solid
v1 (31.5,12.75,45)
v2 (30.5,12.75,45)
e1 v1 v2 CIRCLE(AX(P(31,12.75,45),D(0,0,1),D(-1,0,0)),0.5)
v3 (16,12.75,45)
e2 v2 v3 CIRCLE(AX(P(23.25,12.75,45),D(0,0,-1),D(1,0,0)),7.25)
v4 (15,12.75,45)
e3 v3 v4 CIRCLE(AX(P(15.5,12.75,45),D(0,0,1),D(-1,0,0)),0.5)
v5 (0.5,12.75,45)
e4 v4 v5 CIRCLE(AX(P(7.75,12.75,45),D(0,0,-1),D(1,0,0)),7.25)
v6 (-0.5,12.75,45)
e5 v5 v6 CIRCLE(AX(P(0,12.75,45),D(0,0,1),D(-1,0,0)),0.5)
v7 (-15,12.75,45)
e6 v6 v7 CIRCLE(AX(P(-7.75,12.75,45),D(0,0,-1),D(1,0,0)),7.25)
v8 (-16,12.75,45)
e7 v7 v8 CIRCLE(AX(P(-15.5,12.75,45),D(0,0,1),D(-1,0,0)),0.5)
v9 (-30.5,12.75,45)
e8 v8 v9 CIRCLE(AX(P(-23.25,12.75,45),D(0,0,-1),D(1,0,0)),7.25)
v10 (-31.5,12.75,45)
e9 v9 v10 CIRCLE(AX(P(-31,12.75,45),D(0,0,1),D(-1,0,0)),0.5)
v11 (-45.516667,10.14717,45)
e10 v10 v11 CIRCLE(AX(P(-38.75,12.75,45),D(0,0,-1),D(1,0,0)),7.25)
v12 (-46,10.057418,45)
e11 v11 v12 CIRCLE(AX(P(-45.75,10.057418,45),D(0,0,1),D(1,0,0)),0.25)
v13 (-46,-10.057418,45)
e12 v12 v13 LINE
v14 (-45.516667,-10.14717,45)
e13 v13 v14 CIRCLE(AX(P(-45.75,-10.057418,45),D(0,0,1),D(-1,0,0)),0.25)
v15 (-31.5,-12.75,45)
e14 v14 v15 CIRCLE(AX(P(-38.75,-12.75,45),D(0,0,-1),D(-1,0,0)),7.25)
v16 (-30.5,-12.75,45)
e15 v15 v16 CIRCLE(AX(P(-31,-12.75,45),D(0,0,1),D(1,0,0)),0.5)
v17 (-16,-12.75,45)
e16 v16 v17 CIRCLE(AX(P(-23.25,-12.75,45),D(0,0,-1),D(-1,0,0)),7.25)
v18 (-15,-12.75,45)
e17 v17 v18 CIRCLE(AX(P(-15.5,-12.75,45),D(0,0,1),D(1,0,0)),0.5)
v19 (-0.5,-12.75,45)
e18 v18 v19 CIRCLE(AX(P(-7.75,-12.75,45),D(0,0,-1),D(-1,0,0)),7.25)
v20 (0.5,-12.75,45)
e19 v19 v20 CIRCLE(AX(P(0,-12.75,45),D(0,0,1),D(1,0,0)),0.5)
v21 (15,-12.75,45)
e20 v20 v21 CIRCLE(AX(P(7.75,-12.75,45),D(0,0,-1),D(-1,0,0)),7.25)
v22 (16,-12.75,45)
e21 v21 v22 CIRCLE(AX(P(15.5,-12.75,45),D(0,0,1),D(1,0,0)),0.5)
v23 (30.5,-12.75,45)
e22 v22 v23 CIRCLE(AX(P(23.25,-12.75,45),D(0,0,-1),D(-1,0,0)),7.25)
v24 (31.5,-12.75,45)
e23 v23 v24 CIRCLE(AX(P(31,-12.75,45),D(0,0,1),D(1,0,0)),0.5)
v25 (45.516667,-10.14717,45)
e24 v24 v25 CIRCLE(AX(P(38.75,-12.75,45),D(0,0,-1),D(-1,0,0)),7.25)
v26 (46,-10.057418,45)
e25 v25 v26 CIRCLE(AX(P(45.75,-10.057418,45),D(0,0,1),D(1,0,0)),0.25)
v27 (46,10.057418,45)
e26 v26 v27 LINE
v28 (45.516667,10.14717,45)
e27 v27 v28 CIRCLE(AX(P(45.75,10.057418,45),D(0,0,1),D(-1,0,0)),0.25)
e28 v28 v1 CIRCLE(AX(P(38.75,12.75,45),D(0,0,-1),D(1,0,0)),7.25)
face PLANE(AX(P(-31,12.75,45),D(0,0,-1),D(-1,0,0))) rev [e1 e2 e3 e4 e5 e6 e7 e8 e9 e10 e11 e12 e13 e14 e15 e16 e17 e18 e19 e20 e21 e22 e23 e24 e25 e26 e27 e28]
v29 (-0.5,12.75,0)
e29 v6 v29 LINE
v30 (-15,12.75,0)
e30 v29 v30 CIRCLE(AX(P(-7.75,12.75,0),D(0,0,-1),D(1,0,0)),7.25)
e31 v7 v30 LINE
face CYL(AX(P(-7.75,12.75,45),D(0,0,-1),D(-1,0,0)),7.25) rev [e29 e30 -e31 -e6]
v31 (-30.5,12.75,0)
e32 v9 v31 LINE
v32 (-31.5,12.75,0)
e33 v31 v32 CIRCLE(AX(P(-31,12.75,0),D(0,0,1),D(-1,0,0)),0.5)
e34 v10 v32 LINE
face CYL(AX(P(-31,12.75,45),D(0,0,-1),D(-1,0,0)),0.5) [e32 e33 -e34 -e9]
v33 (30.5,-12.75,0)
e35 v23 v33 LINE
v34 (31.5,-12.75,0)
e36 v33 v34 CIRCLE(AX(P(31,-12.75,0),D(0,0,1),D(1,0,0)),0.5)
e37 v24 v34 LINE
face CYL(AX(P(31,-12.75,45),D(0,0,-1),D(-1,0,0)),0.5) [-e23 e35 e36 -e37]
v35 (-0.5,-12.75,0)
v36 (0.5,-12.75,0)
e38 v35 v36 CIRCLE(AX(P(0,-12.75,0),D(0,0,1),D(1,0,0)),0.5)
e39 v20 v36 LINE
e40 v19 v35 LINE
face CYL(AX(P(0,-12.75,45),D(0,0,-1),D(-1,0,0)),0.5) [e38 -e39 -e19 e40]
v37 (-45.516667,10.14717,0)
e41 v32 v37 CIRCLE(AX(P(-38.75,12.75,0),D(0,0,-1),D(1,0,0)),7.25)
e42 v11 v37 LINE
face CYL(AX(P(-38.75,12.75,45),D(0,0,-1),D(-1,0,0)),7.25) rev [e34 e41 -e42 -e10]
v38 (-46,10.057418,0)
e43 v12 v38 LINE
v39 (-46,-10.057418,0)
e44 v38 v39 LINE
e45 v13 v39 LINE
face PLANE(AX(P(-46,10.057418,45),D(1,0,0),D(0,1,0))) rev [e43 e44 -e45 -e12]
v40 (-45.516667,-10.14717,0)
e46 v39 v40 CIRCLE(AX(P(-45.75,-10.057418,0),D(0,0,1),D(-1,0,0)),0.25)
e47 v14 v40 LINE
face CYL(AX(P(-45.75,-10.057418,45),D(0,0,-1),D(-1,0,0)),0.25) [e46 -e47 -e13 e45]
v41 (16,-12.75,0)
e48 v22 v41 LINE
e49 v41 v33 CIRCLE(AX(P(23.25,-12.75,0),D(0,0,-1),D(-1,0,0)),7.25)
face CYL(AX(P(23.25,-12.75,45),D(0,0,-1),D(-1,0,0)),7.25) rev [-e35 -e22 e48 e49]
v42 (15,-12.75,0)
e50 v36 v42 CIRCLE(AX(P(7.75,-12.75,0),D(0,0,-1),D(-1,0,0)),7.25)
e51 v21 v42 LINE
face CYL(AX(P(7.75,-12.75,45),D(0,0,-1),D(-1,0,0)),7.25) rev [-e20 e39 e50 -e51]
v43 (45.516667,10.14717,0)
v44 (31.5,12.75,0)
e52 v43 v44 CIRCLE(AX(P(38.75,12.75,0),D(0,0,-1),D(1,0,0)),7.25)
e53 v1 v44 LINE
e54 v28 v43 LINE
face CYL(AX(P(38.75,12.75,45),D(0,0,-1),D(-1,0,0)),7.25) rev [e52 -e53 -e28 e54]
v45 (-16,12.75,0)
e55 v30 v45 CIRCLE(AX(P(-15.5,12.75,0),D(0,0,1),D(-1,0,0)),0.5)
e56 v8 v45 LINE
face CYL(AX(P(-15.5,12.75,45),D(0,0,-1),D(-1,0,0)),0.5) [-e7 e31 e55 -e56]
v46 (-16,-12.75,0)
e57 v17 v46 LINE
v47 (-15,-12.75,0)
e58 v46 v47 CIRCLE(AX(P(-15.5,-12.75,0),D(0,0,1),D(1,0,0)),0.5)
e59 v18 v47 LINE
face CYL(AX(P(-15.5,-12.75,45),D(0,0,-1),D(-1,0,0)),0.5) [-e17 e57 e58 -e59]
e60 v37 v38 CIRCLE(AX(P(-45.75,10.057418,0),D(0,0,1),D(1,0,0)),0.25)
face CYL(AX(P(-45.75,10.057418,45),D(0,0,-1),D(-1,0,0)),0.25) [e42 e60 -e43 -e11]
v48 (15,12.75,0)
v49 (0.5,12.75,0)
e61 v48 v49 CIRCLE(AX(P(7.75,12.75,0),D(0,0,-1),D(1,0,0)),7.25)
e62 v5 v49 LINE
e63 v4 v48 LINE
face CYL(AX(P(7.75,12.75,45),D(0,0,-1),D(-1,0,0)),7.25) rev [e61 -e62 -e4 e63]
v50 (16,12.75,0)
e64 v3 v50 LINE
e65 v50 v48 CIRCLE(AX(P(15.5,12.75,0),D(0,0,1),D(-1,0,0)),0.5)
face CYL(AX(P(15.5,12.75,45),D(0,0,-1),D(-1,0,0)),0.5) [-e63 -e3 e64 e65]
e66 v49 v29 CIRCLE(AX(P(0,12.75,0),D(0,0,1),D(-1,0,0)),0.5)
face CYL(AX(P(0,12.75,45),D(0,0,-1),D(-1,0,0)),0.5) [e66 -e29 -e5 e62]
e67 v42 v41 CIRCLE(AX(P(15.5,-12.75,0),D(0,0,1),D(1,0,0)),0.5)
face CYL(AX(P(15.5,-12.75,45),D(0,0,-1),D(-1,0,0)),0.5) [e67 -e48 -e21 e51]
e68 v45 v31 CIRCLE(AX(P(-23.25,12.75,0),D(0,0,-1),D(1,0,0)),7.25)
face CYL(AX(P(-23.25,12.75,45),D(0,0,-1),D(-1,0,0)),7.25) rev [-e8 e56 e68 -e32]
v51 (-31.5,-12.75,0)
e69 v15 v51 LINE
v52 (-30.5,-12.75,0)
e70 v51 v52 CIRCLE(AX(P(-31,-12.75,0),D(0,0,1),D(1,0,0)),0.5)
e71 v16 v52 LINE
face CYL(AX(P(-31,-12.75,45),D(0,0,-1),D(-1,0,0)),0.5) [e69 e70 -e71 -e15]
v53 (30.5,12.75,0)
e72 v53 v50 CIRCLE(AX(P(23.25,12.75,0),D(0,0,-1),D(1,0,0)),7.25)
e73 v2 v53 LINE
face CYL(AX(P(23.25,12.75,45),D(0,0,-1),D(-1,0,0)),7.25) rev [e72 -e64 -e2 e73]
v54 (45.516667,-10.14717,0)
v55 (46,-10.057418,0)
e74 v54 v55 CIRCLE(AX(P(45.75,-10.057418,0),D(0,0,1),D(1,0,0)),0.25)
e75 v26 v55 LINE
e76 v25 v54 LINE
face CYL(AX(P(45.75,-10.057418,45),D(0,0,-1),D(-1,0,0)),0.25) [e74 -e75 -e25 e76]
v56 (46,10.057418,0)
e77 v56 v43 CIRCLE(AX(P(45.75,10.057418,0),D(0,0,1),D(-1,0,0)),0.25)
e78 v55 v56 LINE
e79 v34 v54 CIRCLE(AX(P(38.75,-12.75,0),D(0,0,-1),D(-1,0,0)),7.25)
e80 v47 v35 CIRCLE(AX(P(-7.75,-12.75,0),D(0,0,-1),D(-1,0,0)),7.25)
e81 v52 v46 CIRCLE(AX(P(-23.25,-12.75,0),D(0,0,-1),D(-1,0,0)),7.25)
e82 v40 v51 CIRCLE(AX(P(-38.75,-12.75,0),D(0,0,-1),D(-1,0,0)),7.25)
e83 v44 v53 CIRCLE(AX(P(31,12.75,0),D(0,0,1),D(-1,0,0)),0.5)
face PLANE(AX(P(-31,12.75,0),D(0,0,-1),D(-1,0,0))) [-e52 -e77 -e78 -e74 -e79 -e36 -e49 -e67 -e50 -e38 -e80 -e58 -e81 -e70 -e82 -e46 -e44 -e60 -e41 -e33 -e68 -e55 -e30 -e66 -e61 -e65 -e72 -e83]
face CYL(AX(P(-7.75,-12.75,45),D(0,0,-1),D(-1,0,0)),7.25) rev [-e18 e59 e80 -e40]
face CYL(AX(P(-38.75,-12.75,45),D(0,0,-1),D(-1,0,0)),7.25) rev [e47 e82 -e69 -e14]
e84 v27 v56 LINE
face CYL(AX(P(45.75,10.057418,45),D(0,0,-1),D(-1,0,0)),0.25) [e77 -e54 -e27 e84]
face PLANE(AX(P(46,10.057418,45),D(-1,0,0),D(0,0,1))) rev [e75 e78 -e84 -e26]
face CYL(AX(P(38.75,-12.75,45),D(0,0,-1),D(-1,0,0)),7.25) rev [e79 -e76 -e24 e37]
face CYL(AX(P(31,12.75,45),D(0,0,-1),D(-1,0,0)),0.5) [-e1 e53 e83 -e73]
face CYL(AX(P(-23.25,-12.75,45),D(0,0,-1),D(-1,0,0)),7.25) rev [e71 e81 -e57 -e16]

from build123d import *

# Parameters (mm, degrees)
BOSS_EXTRU_1_DEPTH = 45


with BuildPart() as part:
    # Esquisse1 → Boss.-Extru.1 (new body)
    with BuildSketch(Plane.XY):
        with BuildLine():
            Line((-46, 10.057417596), (-46, -10.057417596))
            ThreePointArc((-46, -10.057417596), (-45.795643546, -10.303215616), (-45.516666667, -10.147170343))
            ThreePointArc((-45.516666667, -10.147170343), (-37.426337153, -5.621857418), (-31.5, -12.75))
            ThreePointArc((-31.5, -12.75), (-31, -13.25), (-30.5, -12.75))
            ThreePointArc((-30.5, -12.75), (-23.25, -5.5), (-16, -12.75))
            ThreePointArc((-16, -12.75), (-15.5, -13.25), (-15, -12.75))
            ThreePointArc((-15, -12.75), (-7.75, -5.5), (-0.5, -12.75))
            ThreePointArc((-0.5, -12.75), (0, -13.25), (0.5, -12.75))
            ThreePointArc((0.5, -12.75), (7.75, -5.5), (15, -12.75))
            ThreePointArc((15, -12.75), (15.5, -13.25), (16, -12.75))
            ThreePointArc((16, -12.75), (23.25, -5.5), (30.5, -12.75))
            ThreePointArc((30.5, -12.75), (31, -13.25), (31.5, -12.75))
            ThreePointArc((31.5, -12.75), (37.426337153, -5.621857418), (45.516666667, -10.147170343))
            ThreePointArc((45.516666667, -10.147170343), (45.795643546, -10.303215616), (46, -10.057417596))
            Line((46, -10.057417596), (46, 10.057417596))
            ThreePointArc((46, 10.057417596), (45.795643546, 10.303215616), (45.516666667, 10.147170343))
            ThreePointArc((45.516666667, 10.147170343), (37.426337153, 5.621857418), (31.5, 12.75))
            ThreePointArc((31.5, 12.75), (31, 13.25), (30.5, 12.75))
            ThreePointArc((30.5, 12.75), (23.25, 5.5), (16, 12.75))
            ThreePointArc((16, 12.75), (15.5, 13.25), (15, 12.75))
            ThreePointArc((15, 12.75), (7.75, 5.5), (0.5, 12.75))
            ThreePointArc((0.5, 12.75), (0, 13.25), (-0.5, 12.75))
            ThreePointArc((-0.5, 12.75), (-7.75, 5.5), (-15, 12.75))
            ThreePointArc((-15, 12.75), (-15.5, 13.25), (-16, 12.75))
            ThreePointArc((-16, 12.75), (-23.25, 5.5), (-30.5, 12.75))
            ThreePointArc((-30.5, 12.75), (-31, 13.25), (-31.5, 12.75))
            ThreePointArc((-31.5, 12.75), (-37.426337153, 5.621857418), (-45.516666667, 10.147170343))
            ThreePointArc((-45.516666667, 10.147170343), (-45.795643546, 10.303215616), (-46, 10.057417596))
        make_face()
    extrude(amount=BOSS_EXTRU_1_DEPTH)


solid = part.part
